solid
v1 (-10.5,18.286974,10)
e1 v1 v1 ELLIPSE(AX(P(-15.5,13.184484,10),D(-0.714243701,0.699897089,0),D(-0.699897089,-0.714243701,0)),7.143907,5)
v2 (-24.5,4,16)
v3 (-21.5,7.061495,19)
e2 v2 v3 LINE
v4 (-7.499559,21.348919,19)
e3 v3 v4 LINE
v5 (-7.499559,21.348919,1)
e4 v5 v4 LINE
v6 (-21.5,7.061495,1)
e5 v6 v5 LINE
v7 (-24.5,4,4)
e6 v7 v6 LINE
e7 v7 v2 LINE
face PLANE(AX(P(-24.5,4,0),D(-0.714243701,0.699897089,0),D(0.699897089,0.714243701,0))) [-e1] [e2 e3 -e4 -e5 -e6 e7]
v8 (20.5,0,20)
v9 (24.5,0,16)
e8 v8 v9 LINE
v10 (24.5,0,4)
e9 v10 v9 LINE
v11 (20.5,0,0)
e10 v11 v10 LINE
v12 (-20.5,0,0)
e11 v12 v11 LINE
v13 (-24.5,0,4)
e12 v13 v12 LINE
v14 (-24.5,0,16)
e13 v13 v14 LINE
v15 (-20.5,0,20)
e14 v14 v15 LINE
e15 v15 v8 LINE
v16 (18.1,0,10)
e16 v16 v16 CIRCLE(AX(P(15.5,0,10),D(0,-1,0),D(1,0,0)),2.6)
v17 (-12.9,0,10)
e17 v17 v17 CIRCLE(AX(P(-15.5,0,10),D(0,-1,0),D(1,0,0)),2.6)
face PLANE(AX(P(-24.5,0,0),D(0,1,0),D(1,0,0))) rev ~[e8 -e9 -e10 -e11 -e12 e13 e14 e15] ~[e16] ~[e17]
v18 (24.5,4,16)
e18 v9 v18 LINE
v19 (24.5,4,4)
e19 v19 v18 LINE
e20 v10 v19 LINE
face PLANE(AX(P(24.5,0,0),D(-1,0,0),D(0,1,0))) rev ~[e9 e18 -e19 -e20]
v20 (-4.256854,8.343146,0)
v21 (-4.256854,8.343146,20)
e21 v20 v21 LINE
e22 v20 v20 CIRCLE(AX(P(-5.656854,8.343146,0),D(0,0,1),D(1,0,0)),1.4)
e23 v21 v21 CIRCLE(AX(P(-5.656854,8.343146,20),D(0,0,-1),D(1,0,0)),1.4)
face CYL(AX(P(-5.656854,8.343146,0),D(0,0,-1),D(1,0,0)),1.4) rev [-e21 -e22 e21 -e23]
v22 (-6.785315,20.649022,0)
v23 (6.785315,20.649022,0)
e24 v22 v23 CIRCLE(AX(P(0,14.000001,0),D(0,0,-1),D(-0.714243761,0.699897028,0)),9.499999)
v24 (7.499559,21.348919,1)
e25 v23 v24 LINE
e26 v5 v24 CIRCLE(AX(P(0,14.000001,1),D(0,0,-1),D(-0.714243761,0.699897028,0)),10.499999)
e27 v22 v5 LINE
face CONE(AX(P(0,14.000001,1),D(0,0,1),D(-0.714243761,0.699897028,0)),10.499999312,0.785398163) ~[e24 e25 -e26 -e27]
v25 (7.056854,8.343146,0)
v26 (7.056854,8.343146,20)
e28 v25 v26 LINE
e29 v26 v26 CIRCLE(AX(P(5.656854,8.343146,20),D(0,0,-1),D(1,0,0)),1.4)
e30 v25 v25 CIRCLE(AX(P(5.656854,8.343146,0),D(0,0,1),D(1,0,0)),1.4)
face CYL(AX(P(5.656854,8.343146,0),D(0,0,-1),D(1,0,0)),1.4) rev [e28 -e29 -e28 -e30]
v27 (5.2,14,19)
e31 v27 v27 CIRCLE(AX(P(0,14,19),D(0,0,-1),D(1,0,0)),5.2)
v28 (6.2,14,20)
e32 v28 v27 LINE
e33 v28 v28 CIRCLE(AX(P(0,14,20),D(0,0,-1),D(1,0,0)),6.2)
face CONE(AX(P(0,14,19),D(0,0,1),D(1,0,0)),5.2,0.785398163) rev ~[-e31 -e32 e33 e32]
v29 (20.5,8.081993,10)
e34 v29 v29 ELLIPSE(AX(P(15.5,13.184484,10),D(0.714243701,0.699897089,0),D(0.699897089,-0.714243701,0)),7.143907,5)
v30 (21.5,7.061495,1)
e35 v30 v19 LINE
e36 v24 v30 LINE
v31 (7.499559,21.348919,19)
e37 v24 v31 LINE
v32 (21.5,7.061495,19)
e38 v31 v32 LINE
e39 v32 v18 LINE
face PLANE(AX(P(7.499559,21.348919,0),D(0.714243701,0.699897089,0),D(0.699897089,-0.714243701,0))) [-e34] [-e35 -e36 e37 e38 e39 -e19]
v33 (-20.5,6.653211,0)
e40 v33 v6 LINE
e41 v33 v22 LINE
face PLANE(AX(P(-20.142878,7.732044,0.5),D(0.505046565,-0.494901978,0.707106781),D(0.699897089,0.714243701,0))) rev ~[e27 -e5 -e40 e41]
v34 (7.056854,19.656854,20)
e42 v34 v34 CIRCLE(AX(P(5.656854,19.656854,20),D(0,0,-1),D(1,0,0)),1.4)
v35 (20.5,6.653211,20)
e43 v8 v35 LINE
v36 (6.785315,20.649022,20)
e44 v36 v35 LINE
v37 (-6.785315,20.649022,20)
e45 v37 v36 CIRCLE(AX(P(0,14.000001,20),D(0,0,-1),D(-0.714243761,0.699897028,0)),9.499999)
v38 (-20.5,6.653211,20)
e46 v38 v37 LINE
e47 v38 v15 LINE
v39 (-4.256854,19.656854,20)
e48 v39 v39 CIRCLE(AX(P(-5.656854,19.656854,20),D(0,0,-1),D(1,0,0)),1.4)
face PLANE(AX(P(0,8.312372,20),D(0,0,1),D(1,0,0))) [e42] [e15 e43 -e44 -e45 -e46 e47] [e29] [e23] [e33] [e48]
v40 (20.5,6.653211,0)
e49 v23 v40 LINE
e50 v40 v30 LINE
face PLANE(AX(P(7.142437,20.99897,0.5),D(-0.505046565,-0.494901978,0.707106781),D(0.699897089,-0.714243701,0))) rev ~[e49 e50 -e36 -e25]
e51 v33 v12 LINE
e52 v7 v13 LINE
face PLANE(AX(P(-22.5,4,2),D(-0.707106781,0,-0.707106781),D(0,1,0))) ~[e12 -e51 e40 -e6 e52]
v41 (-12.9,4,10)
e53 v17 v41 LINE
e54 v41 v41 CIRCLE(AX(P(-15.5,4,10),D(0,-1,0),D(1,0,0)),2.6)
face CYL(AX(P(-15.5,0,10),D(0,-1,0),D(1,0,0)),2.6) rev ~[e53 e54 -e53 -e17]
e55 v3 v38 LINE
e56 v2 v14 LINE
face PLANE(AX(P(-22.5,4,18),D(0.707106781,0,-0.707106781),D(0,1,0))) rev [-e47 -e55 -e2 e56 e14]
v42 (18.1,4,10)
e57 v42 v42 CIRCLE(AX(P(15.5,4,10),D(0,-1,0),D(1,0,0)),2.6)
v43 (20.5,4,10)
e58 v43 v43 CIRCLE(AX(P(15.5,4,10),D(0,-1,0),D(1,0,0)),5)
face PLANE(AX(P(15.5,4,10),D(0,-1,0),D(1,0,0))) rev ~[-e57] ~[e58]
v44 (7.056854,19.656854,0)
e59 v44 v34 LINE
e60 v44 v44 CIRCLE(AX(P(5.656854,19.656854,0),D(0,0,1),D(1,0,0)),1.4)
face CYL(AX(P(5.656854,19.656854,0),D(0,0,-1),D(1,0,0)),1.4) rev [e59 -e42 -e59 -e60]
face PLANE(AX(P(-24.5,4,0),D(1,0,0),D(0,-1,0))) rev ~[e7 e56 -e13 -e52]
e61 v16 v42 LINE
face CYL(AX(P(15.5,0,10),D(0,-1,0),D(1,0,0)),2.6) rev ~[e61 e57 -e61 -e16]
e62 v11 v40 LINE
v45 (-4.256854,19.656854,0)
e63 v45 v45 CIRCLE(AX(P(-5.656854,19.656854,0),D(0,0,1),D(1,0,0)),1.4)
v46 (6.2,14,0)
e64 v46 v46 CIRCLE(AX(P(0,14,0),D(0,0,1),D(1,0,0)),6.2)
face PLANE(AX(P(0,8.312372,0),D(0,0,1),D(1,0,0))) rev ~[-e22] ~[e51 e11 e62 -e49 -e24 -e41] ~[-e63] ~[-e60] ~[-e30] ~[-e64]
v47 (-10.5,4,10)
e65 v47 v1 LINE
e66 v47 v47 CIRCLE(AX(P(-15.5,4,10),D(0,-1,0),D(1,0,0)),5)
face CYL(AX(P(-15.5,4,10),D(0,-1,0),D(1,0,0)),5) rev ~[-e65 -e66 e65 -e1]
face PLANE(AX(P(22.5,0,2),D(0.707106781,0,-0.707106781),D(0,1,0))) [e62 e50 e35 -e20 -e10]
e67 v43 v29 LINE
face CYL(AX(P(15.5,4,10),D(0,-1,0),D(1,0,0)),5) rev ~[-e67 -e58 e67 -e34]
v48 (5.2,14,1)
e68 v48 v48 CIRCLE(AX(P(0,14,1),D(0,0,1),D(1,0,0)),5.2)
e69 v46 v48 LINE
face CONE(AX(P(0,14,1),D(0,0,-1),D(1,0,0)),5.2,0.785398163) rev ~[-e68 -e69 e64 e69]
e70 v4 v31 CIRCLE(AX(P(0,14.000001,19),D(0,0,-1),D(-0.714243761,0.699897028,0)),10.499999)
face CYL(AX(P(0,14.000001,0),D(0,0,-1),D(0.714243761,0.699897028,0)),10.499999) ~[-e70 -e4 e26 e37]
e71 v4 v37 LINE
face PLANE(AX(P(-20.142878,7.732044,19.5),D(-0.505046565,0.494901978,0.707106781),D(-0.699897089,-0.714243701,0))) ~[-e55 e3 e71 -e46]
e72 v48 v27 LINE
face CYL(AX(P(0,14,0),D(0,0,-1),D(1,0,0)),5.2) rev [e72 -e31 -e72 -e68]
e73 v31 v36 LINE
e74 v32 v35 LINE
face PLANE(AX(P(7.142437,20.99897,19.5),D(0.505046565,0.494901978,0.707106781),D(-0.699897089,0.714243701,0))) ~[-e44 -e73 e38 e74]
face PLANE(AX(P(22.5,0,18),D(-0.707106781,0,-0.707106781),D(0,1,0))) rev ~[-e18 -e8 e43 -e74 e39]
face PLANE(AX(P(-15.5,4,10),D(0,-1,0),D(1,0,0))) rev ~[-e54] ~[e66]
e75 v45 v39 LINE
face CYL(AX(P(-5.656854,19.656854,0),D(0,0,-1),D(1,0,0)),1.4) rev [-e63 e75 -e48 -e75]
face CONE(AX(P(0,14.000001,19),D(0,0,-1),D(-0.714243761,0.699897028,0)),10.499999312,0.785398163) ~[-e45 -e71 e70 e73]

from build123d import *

# Parameters (mm, degrees)
PAD_DEPTH       = 20
SKETCH001_R     = 2.6
POCKET_DEPTH    = 24.501
SKETCH002_R     = 5
POCKET001_DEPTH = 20.501
SKETCH003_R     = 5.2
SKETCH003_R_2   = 1.4
POCKET002_DEPTH = 20.001
CHAMFER_SIZE    = 4
CHAMFER001_SIZE = 1
CHAMFER002_SIZE = 1


with BuildPart() as part:
    # Sketch → Pad (new body)
    with BuildSketch(Plane.XY):
        with BuildLine():
            Line((-24.5, 4), (-24.5, 0))
            Line((-24.5, 0), (24.5, 0))
            Line((24.5, 0), (24.5, 4))
            Line((7.499559, 21.348919), (24.5, 4))
            ThreePointArc((7.499559, 21.348919), (0, 24.5), (-7.499559, 21.348919))
            Line((-24.5, 4), (-7.499559, 21.348919))
        make_face()
    extrude(amount=PAD_DEPTH)

    # Sketch001 → Pocket (cut, through all)
    with BuildSketch(Plane.XZ):
        with Locations((-15.5, 10)):
            Circle(SKETCH001_R)
        with Locations((15.5, 10)):
            Circle(SKETCH001_R)
    extrude(amount=-POCKET_DEPTH, mode=Mode.SUBTRACT)

    # Sketch002 (on DatumPlane) → Pocket001 (cut, through all)
    with BuildSketch(Plane.XZ.offset(-4)):
        with Locations((-15.5, 10)):
            Circle(SKETCH002_R)
        with Locations((15.5, 10)):
            Circle(SKETCH002_R)
    extrude(amount=-POCKET001_DEPTH, mode=Mode.SUBTRACT)

    # Sketch003 → Pocket002 (cut, through all)
    with BuildSketch(Plane.XY):
        with Locations((0, 14)):
            Circle(SKETCH003_R)
        with Locations((-5.656854, 19.656854)):
            Circle(SKETCH003_R_2)
        with Locations((5.656854, 19.656854)):
            Circle(SKETCH003_R_2)
        with Locations((5.656854, 8.343146)):
            Circle(SKETCH003_R_2)
        with Locations((-5.656854, 8.343146)):
            Circle(SKETCH003_R_2)
    extrude(amount=POCKET002_DEPTH, mode=Mode.SUBTRACT)

    # Chamfer
    chamfer_edges = [part.edges().sort_by_distance(p)[0] for p in [
        (24.5, 2, 20),
        (24.5, 2, 0),
        (-24.5, 2, 20),
        (-24.5, 2, 0),
    ]]
    chamfer(chamfer_edges, length=CHAMFER_SIZE)

    # Chamfer001
    chamfer001_edges = [part.edges().sort_by_distance(p)[0] for p in [
        (-5.2, 14, 20),
        (-5.2, 14, 0),
    ]]
    chamfer(chamfer001_edges, length=CHAMFER001_SIZE)

    # Chamfer002
    chamfer002_edges = [part.edges().sort_by_distance(p)[0] for p in [
        (13.999779, 14.715456, 20),
        (0, 24.5, 20),
        (-13.999779, 14.715456, 20),
        (-13.999779, 14.715456, 0),
        (0, 24.5, 0),
        (13.999779, 14.715456, 0),
    ]]
    chamfer(chamfer002_edges, length=CHAMFER002_SIZE)


solid = part.part
